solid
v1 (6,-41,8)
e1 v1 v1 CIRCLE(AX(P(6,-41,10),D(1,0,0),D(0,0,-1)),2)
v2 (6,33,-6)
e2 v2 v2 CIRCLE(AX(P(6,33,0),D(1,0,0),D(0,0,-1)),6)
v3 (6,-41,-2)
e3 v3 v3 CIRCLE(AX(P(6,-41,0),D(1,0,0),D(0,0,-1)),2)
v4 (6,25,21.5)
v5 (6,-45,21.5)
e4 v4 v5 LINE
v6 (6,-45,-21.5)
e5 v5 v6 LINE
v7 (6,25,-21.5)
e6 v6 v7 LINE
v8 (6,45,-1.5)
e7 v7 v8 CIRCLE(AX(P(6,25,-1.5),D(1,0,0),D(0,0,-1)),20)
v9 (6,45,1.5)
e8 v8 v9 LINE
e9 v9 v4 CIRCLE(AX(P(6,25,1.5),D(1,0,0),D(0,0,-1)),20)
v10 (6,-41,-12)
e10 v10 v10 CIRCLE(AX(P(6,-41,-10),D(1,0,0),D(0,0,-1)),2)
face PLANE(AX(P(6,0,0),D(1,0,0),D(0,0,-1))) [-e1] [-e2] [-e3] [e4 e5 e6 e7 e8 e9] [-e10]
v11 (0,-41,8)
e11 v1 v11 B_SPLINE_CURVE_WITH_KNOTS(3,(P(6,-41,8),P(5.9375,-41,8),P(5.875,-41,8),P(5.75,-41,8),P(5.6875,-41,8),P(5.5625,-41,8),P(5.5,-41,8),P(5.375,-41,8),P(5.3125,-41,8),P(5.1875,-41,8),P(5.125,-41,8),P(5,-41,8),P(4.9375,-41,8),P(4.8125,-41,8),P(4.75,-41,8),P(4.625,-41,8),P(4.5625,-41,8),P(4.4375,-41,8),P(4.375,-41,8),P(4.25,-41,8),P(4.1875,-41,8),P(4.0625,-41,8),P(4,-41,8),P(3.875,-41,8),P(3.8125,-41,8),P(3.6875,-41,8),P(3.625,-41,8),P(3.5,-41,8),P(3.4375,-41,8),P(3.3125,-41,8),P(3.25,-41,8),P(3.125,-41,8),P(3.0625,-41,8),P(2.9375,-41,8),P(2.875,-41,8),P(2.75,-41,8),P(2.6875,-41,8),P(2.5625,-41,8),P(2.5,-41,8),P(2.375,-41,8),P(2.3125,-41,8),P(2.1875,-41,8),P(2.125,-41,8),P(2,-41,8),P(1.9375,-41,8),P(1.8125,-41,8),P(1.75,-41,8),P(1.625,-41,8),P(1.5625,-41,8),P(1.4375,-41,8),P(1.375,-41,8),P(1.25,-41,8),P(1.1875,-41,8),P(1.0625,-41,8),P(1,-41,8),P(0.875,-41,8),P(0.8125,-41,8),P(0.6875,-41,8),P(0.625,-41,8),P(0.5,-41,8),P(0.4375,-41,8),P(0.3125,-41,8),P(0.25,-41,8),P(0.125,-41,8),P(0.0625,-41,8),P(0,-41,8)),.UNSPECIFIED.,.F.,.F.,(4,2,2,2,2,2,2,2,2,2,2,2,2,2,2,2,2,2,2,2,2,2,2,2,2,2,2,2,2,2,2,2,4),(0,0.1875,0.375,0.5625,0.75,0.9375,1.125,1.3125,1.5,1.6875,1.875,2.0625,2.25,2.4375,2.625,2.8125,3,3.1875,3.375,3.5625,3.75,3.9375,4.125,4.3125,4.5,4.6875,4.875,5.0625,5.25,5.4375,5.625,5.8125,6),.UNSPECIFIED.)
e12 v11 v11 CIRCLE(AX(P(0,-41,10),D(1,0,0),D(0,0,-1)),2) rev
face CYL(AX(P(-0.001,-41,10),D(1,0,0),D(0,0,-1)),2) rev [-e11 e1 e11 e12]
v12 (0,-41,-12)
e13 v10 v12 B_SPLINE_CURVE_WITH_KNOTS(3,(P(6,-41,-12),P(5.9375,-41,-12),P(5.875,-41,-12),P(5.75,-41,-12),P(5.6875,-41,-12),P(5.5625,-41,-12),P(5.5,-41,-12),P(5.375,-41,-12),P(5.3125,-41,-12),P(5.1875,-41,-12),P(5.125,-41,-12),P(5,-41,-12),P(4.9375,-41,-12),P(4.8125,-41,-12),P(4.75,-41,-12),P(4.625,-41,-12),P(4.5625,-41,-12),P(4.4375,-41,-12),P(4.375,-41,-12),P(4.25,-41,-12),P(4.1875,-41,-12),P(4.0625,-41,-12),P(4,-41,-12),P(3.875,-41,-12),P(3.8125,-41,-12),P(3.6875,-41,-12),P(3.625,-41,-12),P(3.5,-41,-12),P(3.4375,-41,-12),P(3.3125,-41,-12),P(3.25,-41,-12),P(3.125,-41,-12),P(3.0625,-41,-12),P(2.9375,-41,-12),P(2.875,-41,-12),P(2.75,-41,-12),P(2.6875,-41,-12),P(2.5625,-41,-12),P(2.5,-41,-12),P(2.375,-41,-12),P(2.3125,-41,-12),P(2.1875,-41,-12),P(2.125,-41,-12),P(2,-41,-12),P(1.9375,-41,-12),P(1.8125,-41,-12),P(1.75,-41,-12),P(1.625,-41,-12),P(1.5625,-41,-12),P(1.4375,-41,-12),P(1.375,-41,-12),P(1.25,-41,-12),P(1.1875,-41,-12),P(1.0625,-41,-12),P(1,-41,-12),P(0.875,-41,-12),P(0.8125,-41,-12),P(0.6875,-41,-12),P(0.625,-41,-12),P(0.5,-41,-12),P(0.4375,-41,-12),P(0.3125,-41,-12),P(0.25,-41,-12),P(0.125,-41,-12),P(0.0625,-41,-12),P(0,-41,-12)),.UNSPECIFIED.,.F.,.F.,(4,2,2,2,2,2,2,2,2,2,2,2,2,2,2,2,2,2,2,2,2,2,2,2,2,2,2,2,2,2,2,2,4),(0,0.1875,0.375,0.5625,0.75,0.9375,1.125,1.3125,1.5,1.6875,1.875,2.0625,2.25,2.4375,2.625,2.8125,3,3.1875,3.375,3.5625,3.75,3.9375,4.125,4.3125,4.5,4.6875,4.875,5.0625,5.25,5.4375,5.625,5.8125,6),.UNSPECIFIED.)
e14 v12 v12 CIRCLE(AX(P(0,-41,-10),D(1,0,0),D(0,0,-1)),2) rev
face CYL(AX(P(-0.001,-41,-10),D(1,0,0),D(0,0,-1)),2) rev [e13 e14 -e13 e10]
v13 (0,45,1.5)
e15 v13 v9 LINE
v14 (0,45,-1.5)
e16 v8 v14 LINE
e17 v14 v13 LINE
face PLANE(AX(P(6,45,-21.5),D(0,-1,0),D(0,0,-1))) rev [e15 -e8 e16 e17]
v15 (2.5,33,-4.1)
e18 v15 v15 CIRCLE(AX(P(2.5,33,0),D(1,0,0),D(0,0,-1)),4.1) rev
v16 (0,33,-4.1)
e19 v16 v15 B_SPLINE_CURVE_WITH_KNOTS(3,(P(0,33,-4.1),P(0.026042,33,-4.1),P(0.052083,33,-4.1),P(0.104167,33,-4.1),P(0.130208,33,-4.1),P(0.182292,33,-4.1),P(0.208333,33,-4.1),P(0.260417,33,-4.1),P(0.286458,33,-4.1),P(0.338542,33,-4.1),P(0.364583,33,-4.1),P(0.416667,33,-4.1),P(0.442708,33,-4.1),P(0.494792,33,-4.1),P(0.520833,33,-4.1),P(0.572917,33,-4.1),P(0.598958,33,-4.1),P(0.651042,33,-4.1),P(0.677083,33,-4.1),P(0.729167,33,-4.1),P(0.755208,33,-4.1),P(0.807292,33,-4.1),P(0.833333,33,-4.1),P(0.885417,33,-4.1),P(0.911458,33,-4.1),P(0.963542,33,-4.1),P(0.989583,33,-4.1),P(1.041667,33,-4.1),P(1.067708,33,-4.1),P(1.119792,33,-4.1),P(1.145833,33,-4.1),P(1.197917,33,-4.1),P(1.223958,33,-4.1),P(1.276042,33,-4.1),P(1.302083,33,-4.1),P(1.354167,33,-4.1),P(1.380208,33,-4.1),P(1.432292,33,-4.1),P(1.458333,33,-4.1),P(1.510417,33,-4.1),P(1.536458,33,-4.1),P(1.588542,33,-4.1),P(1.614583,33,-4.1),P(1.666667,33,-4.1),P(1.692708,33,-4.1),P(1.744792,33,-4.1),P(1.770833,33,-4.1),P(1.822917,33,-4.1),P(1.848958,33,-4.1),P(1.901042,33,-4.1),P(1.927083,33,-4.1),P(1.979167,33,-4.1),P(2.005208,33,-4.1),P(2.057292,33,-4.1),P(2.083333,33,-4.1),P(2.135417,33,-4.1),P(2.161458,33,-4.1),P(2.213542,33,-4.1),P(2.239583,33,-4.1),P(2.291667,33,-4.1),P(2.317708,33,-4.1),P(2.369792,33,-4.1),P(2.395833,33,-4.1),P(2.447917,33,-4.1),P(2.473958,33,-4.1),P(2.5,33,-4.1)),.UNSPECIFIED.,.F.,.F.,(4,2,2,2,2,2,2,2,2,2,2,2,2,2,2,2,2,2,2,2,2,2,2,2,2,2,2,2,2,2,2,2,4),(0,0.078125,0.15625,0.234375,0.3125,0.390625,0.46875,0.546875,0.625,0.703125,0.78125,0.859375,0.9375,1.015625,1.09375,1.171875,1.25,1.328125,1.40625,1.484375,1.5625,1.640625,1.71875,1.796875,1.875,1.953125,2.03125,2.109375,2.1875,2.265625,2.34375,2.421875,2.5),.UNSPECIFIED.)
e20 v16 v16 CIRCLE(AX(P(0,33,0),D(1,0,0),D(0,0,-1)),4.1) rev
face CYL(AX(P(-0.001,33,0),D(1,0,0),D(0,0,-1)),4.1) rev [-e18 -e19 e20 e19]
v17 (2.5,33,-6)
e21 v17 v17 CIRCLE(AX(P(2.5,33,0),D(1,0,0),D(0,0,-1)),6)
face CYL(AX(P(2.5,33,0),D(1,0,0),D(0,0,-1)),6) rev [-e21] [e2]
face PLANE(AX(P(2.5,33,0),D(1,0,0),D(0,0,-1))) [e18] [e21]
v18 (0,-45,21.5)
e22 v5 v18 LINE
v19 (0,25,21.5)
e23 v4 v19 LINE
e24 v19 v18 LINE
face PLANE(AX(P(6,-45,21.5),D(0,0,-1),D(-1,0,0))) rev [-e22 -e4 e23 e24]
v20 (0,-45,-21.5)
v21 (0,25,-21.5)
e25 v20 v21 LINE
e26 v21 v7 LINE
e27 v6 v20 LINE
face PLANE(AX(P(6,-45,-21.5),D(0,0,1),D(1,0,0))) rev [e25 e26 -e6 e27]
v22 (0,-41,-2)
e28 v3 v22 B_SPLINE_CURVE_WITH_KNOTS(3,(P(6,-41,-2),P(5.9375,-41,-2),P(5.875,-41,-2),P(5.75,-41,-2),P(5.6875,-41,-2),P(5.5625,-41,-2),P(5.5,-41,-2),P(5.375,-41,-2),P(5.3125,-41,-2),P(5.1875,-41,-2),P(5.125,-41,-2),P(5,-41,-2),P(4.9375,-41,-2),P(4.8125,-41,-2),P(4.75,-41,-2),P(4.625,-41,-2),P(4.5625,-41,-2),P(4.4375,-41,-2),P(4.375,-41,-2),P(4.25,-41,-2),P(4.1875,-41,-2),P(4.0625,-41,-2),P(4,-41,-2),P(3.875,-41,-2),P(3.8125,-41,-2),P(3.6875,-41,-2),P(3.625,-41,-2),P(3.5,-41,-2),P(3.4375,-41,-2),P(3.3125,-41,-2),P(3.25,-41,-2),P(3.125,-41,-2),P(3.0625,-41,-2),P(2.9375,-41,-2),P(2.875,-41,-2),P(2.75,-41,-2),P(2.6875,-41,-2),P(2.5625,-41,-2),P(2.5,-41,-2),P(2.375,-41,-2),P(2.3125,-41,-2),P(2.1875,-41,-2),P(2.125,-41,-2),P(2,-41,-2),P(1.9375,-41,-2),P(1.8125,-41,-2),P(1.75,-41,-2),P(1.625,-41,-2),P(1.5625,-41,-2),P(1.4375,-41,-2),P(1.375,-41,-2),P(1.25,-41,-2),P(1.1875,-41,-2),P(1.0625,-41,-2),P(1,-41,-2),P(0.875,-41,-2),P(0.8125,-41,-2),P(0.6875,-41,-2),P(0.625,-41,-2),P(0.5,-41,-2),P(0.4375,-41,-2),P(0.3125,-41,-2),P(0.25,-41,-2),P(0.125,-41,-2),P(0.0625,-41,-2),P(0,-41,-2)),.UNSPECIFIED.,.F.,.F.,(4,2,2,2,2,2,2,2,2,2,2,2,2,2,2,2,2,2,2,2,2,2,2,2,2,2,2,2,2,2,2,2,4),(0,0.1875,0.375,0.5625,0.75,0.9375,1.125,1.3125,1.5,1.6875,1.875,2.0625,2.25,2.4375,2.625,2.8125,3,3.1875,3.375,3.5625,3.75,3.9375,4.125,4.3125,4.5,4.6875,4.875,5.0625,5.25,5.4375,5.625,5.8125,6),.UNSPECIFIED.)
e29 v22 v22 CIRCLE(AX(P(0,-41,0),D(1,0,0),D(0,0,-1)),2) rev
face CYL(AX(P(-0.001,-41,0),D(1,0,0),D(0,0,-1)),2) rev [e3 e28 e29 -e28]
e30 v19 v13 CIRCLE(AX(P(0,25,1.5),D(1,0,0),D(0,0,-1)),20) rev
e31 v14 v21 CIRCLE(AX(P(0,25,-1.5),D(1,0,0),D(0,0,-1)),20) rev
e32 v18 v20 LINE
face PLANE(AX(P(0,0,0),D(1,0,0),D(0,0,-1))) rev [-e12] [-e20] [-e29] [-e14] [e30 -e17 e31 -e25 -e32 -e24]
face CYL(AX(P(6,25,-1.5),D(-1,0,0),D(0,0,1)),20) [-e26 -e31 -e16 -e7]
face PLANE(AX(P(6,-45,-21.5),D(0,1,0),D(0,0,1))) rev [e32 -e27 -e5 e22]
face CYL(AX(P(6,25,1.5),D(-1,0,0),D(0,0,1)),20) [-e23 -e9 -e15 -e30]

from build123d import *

# Parameters (mm, degrees)
SKETCH1_W           = 43
SKETCH1_H           = 90
BOSS_EXTRUDE1_DEPTH = 6
CUT_EXTRUDE1_REACH  = 52.232
SKETCH2_R           = 2
CUT_EXTRUDE2_REACH  = 52.232
SKETCH3_R           = 4.1
FILLET1_R           = 20
SKETCH4_R           = 6
CUT_EXTRUDE3_DEPTH  = 3.5


with BuildPart() as part:
    # Sketch1 → Boss-Extrude1 (new body)
    with BuildSketch(Plane(origin=(0, 0, 0), x_dir=(0, 0, -1), z_dir=(1, 0, 0))):
        Rectangle(SKETCH1_W, SKETCH1_H)
    extrude(amount=BOSS_EXTRUDE1_DEPTH)

    # Sketch2 → Cut-Extrude1 (cut, up to next)
    with BuildSketch(Plane(origin=(6, 0, 0), x_dir=(0, 0, -1), z_dir=(1, 0, 0)), mode=Mode.PRIVATE) as cut_extrude1_sk1:
        with Locations((0, -41)):
            Circle(SKETCH2_R)
    cut_extrude1_tool1 = extrude(cut_extrude1_sk1.sketch, amount=-CUT_EXTRUDE1_REACH, mode=Mode.PRIVATE) & part.part
    # Sketch2 → Cut-Extrude1 (cut, up to next)
    with BuildSketch(Plane(origin=(6, 0, 0), x_dir=(0, 0, -1), z_dir=(1, 0, 0)), mode=Mode.PRIVATE) as cut_extrude1_sk2:
        with Locations((10, -41)):
            Circle(SKETCH2_R)
    cut_extrude1_tool2 = extrude(cut_extrude1_sk2.sketch, amount=-CUT_EXTRUDE1_REACH, mode=Mode.PRIVATE) & part.part
    # Sketch2 → Cut-Extrude1 (cut, up to next)
    with BuildSketch(Plane(origin=(6, 0, 0), x_dir=(0, 0, -1), z_dir=(1, 0, 0)), mode=Mode.PRIVATE) as cut_extrude1_sk3:
        with Locations((-10, -41)):
            Circle(SKETCH2_R)
    cut_extrude1_tool3 = extrude(cut_extrude1_sk3.sketch, amount=-CUT_EXTRUDE1_REACH, mode=Mode.PRIVATE) & part.part
    add(cut_extrude1_tool1.solids().sort_by_distance((6, -41, 0))[0], mode=Mode.SUBTRACT)
    add(cut_extrude1_tool2.solids().sort_by_distance((6, -41, -10))[0], mode=Mode.SUBTRACT)
    add(cut_extrude1_tool3.solids().sort_by_distance((6, -41, 10))[0], mode=Mode.SUBTRACT)

    # Sketch3 → Cut-Extrude2 (cut, up to next)
    with BuildSketch(Plane(origin=(6, 0, 0), x_dir=(0, 0, -1), z_dir=(1, 0, 0)), mode=Mode.PRIVATE) as cut_extrude2_sk1:
        with Locations((0, 33)):
            Circle(SKETCH3_R)
    cut_extrude2_tool1 = extrude(cut_extrude2_sk1.sketch, amount=-CUT_EXTRUDE2_REACH, mode=Mode.PRIVATE) & part.part
    add(cut_extrude2_tool1.solids().sort_by_distance((6, 33, 0))[0], mode=Mode.SUBTRACT)

    # Fillet1
    fillet1_edges = [part.edges().sort_by_distance(p)[0] for p in [
        (3, 45, 21.5),
        (3, 45, -21.5),
    ]]
    fillet(fillet1_edges, radius=FILLET1_R)

    # Sketch4 → Cut-Extrude3 (cut)
    with BuildSketch(Plane(origin=(6, 0, 0), x_dir=(0, 0, -1), z_dir=(1, 0, 0))):
        with Locations((0, 33)):
            Circle(SKETCH4_R)
    extrude(amount=-CUT_EXTRUDE3_DEPTH, mode=Mode.SUBTRACT)


solid = part.part
